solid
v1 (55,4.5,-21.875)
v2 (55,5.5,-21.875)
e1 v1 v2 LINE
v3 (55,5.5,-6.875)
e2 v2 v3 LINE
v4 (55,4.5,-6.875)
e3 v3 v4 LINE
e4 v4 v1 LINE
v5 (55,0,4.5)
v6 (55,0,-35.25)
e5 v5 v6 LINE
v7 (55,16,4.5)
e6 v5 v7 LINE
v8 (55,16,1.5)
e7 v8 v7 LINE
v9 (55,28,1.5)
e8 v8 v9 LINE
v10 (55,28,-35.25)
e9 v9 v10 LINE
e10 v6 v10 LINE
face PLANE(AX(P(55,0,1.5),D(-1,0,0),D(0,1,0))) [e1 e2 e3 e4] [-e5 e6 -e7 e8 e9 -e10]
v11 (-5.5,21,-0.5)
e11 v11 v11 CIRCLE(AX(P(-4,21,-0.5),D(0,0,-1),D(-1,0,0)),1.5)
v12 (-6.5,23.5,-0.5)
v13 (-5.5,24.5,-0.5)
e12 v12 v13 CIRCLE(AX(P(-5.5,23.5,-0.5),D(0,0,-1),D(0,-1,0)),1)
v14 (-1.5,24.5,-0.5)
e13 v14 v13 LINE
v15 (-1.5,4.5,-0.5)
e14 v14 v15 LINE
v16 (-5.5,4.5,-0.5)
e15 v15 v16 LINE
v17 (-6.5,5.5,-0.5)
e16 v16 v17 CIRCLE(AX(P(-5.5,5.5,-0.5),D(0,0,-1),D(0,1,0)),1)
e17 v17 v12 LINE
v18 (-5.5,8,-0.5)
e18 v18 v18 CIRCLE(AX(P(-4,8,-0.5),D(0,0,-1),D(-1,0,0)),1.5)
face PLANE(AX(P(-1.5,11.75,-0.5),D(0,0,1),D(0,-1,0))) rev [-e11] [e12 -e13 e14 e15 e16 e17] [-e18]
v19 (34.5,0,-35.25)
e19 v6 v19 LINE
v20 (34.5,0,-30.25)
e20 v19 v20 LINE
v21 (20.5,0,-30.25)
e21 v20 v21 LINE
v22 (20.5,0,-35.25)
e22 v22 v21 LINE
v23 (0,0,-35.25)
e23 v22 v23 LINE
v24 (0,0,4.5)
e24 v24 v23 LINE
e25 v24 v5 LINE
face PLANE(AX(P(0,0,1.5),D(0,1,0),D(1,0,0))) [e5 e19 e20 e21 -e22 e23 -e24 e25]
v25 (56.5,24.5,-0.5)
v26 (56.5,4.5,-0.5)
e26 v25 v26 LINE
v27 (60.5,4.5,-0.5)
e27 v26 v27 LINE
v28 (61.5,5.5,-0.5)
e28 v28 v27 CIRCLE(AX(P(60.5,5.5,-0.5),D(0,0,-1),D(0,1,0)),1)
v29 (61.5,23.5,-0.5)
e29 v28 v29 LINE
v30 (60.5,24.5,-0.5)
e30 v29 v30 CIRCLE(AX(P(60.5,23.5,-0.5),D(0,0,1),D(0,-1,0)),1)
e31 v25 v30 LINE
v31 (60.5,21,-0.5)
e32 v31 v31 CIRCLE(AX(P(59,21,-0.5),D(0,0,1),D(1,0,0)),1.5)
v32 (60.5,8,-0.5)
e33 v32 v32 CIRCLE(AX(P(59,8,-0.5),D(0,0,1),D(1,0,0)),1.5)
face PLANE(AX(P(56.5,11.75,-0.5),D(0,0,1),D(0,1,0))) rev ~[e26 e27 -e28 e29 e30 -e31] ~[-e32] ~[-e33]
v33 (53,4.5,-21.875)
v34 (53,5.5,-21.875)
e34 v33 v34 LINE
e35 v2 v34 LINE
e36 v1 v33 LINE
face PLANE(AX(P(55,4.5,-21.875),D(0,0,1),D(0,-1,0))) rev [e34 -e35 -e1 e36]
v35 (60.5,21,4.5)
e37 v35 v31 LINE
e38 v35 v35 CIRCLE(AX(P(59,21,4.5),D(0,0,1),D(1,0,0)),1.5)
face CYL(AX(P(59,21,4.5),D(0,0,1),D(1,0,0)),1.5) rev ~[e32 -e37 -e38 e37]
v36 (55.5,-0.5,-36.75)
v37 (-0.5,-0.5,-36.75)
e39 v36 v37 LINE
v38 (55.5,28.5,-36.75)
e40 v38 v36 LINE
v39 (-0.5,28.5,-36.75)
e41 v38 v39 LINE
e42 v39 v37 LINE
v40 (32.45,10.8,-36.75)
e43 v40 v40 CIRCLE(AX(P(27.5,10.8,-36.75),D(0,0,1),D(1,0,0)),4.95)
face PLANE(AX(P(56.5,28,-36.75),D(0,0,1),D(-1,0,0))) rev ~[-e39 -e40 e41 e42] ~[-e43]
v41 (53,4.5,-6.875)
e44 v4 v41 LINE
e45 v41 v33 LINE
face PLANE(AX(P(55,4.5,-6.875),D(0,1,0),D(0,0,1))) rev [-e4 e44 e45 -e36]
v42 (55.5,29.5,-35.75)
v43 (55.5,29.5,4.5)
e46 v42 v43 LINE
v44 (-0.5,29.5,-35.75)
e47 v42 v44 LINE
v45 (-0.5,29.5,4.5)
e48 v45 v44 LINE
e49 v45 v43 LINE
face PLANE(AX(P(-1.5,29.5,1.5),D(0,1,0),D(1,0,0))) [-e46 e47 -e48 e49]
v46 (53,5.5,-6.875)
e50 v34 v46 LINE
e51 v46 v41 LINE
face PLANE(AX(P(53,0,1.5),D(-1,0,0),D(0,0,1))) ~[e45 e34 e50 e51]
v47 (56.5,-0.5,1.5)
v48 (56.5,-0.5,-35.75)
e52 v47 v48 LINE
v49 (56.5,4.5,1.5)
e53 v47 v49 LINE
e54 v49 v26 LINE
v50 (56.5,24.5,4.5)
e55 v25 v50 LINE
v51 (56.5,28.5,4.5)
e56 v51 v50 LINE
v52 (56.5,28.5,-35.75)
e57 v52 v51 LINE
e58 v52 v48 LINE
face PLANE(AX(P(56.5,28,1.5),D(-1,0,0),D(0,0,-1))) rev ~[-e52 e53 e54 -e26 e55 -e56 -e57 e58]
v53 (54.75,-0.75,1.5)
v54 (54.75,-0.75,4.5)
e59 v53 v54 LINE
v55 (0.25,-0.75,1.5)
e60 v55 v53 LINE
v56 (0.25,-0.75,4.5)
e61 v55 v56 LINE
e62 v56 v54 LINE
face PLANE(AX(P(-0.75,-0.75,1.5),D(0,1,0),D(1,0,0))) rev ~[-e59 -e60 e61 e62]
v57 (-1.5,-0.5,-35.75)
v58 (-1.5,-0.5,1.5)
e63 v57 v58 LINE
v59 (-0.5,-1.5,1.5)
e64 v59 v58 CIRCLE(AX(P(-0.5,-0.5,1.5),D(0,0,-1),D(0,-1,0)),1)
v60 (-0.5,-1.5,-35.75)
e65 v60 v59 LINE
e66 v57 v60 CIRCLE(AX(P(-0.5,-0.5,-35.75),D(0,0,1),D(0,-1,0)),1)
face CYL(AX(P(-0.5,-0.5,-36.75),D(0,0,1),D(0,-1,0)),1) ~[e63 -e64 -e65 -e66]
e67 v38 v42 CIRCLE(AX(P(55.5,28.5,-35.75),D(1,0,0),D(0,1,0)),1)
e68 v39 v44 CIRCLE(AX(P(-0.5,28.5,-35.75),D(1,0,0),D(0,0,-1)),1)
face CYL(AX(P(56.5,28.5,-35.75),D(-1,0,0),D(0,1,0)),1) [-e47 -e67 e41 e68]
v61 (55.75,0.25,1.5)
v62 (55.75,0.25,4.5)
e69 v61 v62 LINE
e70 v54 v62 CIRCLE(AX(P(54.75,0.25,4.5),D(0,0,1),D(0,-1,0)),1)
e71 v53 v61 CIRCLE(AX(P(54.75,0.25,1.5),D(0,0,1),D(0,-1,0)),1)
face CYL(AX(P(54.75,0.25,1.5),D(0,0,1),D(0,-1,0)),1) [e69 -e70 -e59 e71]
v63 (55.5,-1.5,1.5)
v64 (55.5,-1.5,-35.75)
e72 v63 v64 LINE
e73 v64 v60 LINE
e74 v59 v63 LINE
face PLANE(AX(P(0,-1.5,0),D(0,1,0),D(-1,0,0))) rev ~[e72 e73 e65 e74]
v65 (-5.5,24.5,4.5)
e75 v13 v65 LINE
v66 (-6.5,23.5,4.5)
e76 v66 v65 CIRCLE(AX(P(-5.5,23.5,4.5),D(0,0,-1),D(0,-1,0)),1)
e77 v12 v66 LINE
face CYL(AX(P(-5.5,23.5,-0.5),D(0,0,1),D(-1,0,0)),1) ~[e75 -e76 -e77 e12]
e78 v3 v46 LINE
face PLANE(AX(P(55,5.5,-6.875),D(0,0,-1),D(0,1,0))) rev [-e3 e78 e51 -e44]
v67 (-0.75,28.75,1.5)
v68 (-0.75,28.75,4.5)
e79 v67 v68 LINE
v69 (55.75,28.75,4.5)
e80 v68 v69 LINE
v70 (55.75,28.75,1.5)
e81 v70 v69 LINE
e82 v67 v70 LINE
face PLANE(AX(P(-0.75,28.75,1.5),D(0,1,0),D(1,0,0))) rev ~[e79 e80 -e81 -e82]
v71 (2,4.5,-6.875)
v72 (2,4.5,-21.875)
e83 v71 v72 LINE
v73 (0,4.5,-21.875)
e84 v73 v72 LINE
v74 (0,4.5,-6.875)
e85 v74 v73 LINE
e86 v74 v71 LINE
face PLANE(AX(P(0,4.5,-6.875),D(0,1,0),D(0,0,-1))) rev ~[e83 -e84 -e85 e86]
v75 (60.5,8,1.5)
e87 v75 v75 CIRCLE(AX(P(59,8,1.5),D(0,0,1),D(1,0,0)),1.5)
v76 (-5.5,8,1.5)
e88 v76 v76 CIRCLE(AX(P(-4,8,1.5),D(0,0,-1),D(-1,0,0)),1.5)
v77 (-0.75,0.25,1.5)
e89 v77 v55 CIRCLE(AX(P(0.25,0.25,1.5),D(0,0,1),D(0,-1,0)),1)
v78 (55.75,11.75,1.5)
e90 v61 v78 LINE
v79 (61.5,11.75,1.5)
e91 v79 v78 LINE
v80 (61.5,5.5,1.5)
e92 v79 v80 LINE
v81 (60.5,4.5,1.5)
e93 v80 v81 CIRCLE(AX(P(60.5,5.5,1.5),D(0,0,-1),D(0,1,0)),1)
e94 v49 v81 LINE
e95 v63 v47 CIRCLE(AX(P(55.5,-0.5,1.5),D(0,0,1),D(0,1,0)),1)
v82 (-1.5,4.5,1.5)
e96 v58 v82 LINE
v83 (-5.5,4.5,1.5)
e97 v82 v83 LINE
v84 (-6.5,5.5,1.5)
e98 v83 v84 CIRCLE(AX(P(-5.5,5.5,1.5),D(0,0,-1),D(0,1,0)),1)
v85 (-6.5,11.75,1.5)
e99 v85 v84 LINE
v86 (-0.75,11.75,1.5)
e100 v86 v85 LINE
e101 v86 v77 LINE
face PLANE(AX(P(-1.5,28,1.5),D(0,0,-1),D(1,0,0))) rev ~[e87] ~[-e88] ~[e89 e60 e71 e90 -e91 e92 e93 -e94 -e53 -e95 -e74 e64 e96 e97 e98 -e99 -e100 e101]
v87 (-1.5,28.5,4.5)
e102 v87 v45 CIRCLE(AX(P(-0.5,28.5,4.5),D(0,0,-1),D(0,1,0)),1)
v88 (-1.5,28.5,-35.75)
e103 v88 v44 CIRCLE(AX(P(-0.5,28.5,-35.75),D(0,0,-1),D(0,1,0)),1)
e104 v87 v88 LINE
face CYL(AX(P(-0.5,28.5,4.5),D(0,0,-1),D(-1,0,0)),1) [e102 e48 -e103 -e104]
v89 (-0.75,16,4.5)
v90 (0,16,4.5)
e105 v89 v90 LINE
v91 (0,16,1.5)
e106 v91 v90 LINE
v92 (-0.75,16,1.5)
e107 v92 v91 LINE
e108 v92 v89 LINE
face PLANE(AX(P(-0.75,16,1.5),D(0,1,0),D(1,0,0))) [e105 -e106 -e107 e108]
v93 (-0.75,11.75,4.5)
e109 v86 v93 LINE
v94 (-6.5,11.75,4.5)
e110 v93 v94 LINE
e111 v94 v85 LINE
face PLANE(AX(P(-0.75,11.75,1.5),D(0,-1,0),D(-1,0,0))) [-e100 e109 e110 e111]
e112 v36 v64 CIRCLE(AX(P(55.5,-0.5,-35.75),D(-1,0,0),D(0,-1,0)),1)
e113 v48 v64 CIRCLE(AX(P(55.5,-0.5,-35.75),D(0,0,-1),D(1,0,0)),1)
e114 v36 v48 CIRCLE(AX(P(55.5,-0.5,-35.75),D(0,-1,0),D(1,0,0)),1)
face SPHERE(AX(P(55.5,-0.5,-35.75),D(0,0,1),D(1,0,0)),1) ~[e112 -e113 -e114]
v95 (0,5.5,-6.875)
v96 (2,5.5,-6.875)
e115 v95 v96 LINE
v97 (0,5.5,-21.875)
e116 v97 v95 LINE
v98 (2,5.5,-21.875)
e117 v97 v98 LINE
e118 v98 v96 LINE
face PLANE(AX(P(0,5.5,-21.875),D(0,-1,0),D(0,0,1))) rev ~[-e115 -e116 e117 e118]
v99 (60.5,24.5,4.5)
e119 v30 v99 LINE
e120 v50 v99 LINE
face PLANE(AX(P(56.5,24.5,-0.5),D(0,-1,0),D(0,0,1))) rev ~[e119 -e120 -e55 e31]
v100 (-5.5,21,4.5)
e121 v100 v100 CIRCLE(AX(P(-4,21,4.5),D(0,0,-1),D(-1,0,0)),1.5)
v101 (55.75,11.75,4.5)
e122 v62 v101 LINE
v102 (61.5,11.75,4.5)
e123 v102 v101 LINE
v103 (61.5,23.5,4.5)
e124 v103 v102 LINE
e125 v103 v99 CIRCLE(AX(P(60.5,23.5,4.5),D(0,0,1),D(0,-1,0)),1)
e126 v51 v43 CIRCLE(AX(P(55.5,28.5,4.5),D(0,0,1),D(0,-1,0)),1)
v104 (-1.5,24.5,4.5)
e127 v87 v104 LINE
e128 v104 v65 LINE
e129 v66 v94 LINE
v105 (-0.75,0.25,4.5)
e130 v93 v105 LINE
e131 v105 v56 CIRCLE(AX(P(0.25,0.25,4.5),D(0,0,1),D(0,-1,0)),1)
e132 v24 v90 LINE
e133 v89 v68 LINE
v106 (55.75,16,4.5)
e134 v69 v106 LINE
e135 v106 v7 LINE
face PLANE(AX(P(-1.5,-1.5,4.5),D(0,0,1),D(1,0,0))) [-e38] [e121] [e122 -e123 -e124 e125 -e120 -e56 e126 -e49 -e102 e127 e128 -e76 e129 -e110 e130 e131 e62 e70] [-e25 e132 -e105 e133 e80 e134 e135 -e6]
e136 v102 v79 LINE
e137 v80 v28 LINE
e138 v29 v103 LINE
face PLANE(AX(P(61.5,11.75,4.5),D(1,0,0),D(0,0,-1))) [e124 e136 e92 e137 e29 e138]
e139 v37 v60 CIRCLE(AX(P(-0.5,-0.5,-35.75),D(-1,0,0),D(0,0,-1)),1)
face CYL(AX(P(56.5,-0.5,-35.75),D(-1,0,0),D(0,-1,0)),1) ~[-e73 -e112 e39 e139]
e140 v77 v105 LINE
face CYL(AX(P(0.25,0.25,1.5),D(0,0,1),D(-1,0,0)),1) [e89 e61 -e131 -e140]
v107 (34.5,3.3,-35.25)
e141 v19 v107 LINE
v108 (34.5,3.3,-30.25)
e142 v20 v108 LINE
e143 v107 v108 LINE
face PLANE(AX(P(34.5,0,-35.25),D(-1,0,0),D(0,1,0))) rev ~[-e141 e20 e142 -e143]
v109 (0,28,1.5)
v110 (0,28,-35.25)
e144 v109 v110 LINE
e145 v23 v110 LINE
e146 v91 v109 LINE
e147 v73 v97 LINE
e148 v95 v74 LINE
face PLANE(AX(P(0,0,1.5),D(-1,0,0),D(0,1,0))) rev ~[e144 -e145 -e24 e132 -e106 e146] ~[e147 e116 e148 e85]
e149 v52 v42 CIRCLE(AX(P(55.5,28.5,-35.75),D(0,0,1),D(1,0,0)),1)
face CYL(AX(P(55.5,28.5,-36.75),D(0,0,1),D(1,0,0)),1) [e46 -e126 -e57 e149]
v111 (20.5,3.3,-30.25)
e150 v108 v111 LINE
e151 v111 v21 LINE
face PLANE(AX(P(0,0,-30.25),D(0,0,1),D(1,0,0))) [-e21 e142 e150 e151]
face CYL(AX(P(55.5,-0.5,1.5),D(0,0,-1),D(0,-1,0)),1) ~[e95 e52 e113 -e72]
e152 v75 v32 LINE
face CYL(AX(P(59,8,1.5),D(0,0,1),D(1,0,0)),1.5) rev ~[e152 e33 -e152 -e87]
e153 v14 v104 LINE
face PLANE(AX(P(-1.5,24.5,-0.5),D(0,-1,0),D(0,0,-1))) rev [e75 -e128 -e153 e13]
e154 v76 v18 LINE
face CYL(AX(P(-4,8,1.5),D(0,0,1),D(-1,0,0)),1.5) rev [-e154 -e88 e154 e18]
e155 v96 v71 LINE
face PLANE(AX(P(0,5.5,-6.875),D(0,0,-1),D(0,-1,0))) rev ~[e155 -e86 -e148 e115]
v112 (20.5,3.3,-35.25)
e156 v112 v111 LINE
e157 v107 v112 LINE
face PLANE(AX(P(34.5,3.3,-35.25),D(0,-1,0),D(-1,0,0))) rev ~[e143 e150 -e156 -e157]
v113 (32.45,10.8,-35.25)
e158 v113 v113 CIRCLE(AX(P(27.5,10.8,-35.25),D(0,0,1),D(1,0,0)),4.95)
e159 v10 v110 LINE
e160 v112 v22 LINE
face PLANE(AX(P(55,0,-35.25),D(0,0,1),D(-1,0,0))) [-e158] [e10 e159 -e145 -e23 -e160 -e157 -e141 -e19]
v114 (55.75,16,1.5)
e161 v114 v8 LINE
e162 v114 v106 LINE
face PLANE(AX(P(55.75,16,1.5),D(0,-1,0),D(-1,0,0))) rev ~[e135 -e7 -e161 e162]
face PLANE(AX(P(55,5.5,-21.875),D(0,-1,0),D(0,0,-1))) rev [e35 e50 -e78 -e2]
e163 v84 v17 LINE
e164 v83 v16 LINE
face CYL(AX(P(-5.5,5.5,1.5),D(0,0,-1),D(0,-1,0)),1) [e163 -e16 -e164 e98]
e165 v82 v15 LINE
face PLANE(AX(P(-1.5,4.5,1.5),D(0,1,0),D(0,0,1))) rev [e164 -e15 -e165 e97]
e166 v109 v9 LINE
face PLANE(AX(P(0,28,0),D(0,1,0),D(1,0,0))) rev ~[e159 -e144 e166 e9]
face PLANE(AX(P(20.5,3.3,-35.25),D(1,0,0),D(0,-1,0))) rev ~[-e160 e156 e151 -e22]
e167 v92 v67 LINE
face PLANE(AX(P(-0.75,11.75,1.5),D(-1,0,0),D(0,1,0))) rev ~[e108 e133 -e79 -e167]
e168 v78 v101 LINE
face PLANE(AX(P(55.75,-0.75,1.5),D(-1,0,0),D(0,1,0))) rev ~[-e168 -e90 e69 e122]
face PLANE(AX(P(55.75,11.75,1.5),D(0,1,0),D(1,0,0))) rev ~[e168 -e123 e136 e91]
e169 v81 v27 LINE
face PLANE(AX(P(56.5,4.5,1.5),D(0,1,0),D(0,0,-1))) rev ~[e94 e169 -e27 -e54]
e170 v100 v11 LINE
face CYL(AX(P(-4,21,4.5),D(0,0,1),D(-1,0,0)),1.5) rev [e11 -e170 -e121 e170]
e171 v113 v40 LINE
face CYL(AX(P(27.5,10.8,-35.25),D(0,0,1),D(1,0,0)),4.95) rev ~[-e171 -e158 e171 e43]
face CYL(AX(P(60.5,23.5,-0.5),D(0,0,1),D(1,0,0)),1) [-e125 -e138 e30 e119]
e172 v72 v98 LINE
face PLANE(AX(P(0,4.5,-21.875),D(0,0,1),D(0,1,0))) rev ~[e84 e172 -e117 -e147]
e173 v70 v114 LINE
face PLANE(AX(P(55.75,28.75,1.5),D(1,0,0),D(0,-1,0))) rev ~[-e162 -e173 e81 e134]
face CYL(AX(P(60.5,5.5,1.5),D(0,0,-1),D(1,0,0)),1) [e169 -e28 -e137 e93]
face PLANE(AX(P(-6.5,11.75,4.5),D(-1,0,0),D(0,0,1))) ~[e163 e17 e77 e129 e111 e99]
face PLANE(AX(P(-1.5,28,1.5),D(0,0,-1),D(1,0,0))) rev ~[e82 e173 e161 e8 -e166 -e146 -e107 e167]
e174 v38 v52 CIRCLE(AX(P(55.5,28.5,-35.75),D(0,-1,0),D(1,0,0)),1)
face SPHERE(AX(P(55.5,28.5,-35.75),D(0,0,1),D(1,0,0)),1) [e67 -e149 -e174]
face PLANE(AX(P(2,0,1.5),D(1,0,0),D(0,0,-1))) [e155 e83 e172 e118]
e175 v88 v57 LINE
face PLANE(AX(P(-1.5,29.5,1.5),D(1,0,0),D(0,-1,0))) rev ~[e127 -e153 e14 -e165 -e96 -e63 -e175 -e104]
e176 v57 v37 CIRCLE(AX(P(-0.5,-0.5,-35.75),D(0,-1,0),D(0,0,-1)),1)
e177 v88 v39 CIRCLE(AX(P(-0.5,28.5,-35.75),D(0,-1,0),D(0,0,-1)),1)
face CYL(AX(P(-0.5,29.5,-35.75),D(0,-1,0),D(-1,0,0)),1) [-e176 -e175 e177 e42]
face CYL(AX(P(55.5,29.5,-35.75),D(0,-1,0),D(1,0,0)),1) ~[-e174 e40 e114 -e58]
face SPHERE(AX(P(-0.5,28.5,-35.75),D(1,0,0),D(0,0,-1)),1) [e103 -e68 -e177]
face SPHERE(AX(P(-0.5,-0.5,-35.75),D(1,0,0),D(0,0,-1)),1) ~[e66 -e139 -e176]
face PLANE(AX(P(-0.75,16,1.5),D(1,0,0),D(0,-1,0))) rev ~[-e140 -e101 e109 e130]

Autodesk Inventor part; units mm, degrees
ref_plane "YZ Plane" through (0, 0, 0) normal (1, 0, 0) x (0, 1, 0)
ref_plane "XZ Plane" through (0, 0, 0) normal (0, 1, 0) x (-1, 0, 0)
ref_plane "XY Plane" through (0, 0, 0) normal (0, 0, 1) x (1, 0, 0)
sketch "Sketch3" plane through (0, 0, 0) normal (0, 1, 0) x (-1, 0, 0)
  line L0 (0, 0) -> (-55, 0)
  line L1 (-55, 0) -> (-55, -35.25)
  line L2 (-55, -35.25) -> (0, -35.25)
  line L3 (0, -35.25) -> (0, 0)
  line L4 (1.5, 1.5) -> (-56.5, 1.5)
  line L5 (-56.5, 1.5) -> (-56.5, -36.75)
  line L6 (-56.5, -36.75) -> (1.5, -36.75)
  line L7 (1.5, -36.75) -> (1.5, 1.5)
  dimension "d0" = 35.25
  dimension "d1" = 55
  dimension "d4" = 38.25
  dimension "d5" = 58
  dimension "d6" = 1.5
  dimension "d7" = 1.5
extrude "Extrusion1" add sketch "Sketch3" against normal blind 1.5 contours L3 L2 L1 L0 | L7 L6 L5 L4
sketch "Sketch5" plane through (0, 0, 0) normal (0, 1, 0) x (-1, 0, 0)
  line L0 (-55, 0) -> (-55, -35.25)
  line L1 (-55, -35.25) -> (0, -35.25)
  line L2 (0, -35.25) -> (0, 0)
  line L3 (-56.5, 1.5) -> (-56.5, -36.75)
  line L4 (-56.5, -36.75) -> (1.5, -36.75)
  line L5 (1.5, -36.75) -> (1.5, 1.5)
  line L6 (0, 0) -> (0, 1.5)
  line L7 (1.5, 1.5) -> (0, 1.5)
  line L8 (-55, 0) -> (-55, 1.5)
  line L9 (-55, 1.5) -> (-56.5, 1.5)
  dimension "d9" = 55
  dimension "d11" = 58
  dimension "d12" = 1.5
extrude "Extrusion2" add sketch "Sketch5" along normal blind 28
sketch "Sketch6" plane through (0, 28, 0) normal (0, 1, 0) x (1, 0, 0)
  line L0 (-1.5, -1.5) -> (56.5, -1.5)
  line L1 (56.5, -1.5) -> (56.5, 36.75)
  line L2 (56.5, 36.75) -> (-1.5, 36.75)
  line L3 (-1.5, 36.75) -> (-1.5, -1.5)
  point P0 (0, 0)
extrude "Extrusion3" add sketch "Sketch6" along normal blind 1.5
sketch "Sketch7" plane through (0, 0, 1.5) normal (1, 0, 0) x (0, 0, -1)
  line L0 (8.375, 4.5) -> (23.375, 4.5)
  line L1 (23.375, 4.5) -> (23.375, 5.5)
  line L2 (23.375, 5.5) -> (8.375, 5.5)
  line L3 (8.375, 5.5) -> (8.375, 4.5)
  line L4 (36.75, 0) -> (36.75, 28) projected
  line L5 (0, 0) -> (0, 28) projected
  line L6 (36.75, 0) -> (0, 0) projected
  point P0 (1.5, 0)
  dimension "d20" = 15
  dimension "d21" = 1
  dimension "d22" = 13.375
  dimension "d23" = 8.375
  dimension "d40" = 4.5
ref_plane "Work Plane1" through (27.5, 0, 1.5) normal (1, 0, 0) x (0, 0, -1)
extrude "Extrusion4" add sketch "Sketch7" along normal blind 2
mirror "Mirror1" about plane through (27.5, 0, 1.5) normal (1, 0, 0) of "Extrusion4"
sketch "Sketch8" plane through (-1.5, -1.5, 1.5) normal (0, 0, 1) x (1, 0, 0)
  line L0 (0.75, 30.25) -> (57.25, 30.25)
  line L1 (57.25, 30.25) -> (57.25, 13.25)
  line L2 (0.75, 13.25) -> (0.75, 30.25)
  line L3 (0, 31) -> (58, 31) projected
  line L4 (0.75, 13.25) -> (0, 13.25)
  line L5 (57.25, 13.25) -> (58, 13.25)
  line L6 (0, 31) -> (0, 13.25)
  line L7 (0, 31) -> (0, 0) projected
  line L8 (58, 31) -> (58, 13.25)
  line L9 (58, 0) -> (58, 31) projected
  point P0 (1.5, 1.5)
  dimension "d27" = 0.75
  dimension "d29" = 56.5
  dimension "d31" = 17
  dimension "d65" = 0.75
  dimension "d84" = 17
extrude "Extrusion5" add sketch "Sketch8" along normal blind 3
sketch "Sketch9" plane through (-1.5, -1.5, 1.5) normal (0, 0, 1) x (1, 0, 0)
  line L0 (0.75, 0.75) -> (57.25, 0.75)
  line L1 (57.25, 0.75) -> (57.25, 17.5)
  line L2 (0.75, 17.5) -> (0.75, 0.75)
  line L3 (1.5, 1.5) -> (56.5, 1.5) projected
  line L4 (57.25, 17.5) -> (56.5, 17.5)
  line L5 (56.5, 1.5) -> (56.5, 29.5) projected
  line L6 (56.5, 1.5) -> (56.5, 17.5)
  line L7 (56.5, 1.5) -> (1.5, 1.5)
  line L8 (0.75, 17.5) -> (1.5, 17.5)
  line L9 (1.5, 1.5) -> (1.5, 29.5) projected
  line L10 (1.5, 17.5) -> (1.5, 1.5)
  line L11 (1.5, 29.5) -> (56.5, 29.5) projected
  dimension "d34" = 0.75
  dimension "d36" = 56.5
  dimension "d69" = 16.75
  dimension "d70" = 16.75
  dimension "d97" = 28.75
extrude "Extrusion6" add sketch "Sketch9" along normal blind 3 contours L2 L8 L9 L3 L5 L4 L1 L0
sketch "Sketch10" plane through (0, 0, -35.25) normal (0, 0, 1) x (1, 0, 0)
  line L0 (55, 0) -> (0, 0) projected
  line L1 (20.5, 0) -> (34.5, 0)
  line L2 (34.5, 0) -> (34.5, 3.3)
  line L3 (34.5, 3.3) -> (20.5, 3.3)
  line L4 (20.5, 3.3) -> (20.5, 0)
  line L5 (0, 0) -> (0, 28) projected
  dimension "d41" = 14
  dimension "d42" = 20.5
  dimension "d43" = 3.3
extrude "Extrusion7" add sketch "Sketch10" along normal blind 5
fillet "Fillet1" radius 1 8 edges at (56.5, 29.5, -16.125) (56.5, -1.5, -17.625) (56.5, 14, -36.75) (27.5, 29.5, -36.75) (27.5, -1.5, -36.75) (-1.5, 14, -36.75) (-1.5, 29.5, -16.125) (-1.5, -1.5, -17.625)
sketch "Sketch11" plane through (0, 28, -35.25) normal (0, 0, 1) x (1, 0, 0)
  circle A0 centre (27.5, -17.2) radius 4.95
  line L0 (20.5, -24.7) -> (34.5, -24.7) projected
  line L1 (0, -28) -> (0, 0) projected
  dimension "d47" = 9.9
  dimension "d48" = 7.5
  dimension "d49" = 27.5
extrude "Extrusion8" cut sketch "Sketch11" against normal blind 5
fillet "Fillet2" radius 1 1 edges at (-0.75, -0.75, 3)
fillet "Fillet3" radius 1 1 edges at (55.75, -0.75, 3)
sketch "Sketch15" plane through (56.5, 11.75, 4.5) normal (1, 0, 0) x (0, 0, -1)
  line L0 (0, 0) -> (5, 0)
  line L1 (5, 0) -> (5, 12.75)
  line L2 (5, 12.75) -> (0, 12.75)
  line L3 (0, 12.75) -> (0, 0)
  line L4 (5, 0) -> (3, 0)
  line L5 (3, 0) -> (3, -7.25)
  line L6 (3, -7.25) -> (5, -7.25)
  line L7 (5, -7.25) -> (5, 0)
  point P0 (4.5, -11.75)
  point P1 (0, 4.25)
  point P2 (0, 17.75)
  dimension "d78" = 5
  dimension "d79" = 12.75
  dimension "d80" = 2
  dimension "d81" = 7.25
  dimension "d98" = 11.5
  dimension "d99" = 20
  dimension "d100" = 12.75
  dimension "d101" = 5
extrude "Extrusion10" add sketch "Sketch15" along normal blind 5
mirror "Mirror3" about plane through (27.5, 0, 1.5) normal (1, 0, 0) of "Extrusion10"
fillet "Fillet7" radius 1 2 edges at (61.5, 24.5, 2) (61.5, 4.5, 0.5)
fillet "Fillet8" radius 1 2 edges at (-6.5, 24.5, 2) (-6.5, 4.5, 0.5)
sketch "Sketch16" plane through (-1.5, -1.5, 4.5) normal (0, 0, 1) x (1, 0, 0)
  circle A0 centre (60.5, 22.5) radius 1.5
  line L0 (63, 25) -> (63, 13.25) projected
  line L1 (58, 26) -> (62, 26) projected
  point P0 (1.5, 1.5)
  dimension "d87" = 3
  dimension "d88" = 2.5
  dimension "d89" = 3.5
extrude "Extrusion11" cut sketch "Sketch16" against normal blind 5
sketch "Sketch17" plane through (-0.5, -1.5, 1.5) normal (0, 0, 1) x (1, 0, 0)
  circle A0 centre (59.5, 9.5) radius 1.5
  line L0 (57, 6) -> (61, 6) projected
  line L1 (62, 7) -> (62, 25) projected
  point P0 (0.5, 1.5)
  dimension "d92" = 3
  dimension "d93" = 3.5
  dimension "d94" = 2.5
extrude "Extrusion12" cut sketch "Sketch17" against normal blind 2
mirror "Mirror4" about plane through (27.5, 0, 1.5) normal (1, 0, 0) of "Extrusion11", "Extrusion12"
equation "\"d7\" = d6"
equation "\"d31\" = d66"
equation "\"d70\" = d69"
equation "\"d66\" = 17"
properties part number "sensor1_2t"
